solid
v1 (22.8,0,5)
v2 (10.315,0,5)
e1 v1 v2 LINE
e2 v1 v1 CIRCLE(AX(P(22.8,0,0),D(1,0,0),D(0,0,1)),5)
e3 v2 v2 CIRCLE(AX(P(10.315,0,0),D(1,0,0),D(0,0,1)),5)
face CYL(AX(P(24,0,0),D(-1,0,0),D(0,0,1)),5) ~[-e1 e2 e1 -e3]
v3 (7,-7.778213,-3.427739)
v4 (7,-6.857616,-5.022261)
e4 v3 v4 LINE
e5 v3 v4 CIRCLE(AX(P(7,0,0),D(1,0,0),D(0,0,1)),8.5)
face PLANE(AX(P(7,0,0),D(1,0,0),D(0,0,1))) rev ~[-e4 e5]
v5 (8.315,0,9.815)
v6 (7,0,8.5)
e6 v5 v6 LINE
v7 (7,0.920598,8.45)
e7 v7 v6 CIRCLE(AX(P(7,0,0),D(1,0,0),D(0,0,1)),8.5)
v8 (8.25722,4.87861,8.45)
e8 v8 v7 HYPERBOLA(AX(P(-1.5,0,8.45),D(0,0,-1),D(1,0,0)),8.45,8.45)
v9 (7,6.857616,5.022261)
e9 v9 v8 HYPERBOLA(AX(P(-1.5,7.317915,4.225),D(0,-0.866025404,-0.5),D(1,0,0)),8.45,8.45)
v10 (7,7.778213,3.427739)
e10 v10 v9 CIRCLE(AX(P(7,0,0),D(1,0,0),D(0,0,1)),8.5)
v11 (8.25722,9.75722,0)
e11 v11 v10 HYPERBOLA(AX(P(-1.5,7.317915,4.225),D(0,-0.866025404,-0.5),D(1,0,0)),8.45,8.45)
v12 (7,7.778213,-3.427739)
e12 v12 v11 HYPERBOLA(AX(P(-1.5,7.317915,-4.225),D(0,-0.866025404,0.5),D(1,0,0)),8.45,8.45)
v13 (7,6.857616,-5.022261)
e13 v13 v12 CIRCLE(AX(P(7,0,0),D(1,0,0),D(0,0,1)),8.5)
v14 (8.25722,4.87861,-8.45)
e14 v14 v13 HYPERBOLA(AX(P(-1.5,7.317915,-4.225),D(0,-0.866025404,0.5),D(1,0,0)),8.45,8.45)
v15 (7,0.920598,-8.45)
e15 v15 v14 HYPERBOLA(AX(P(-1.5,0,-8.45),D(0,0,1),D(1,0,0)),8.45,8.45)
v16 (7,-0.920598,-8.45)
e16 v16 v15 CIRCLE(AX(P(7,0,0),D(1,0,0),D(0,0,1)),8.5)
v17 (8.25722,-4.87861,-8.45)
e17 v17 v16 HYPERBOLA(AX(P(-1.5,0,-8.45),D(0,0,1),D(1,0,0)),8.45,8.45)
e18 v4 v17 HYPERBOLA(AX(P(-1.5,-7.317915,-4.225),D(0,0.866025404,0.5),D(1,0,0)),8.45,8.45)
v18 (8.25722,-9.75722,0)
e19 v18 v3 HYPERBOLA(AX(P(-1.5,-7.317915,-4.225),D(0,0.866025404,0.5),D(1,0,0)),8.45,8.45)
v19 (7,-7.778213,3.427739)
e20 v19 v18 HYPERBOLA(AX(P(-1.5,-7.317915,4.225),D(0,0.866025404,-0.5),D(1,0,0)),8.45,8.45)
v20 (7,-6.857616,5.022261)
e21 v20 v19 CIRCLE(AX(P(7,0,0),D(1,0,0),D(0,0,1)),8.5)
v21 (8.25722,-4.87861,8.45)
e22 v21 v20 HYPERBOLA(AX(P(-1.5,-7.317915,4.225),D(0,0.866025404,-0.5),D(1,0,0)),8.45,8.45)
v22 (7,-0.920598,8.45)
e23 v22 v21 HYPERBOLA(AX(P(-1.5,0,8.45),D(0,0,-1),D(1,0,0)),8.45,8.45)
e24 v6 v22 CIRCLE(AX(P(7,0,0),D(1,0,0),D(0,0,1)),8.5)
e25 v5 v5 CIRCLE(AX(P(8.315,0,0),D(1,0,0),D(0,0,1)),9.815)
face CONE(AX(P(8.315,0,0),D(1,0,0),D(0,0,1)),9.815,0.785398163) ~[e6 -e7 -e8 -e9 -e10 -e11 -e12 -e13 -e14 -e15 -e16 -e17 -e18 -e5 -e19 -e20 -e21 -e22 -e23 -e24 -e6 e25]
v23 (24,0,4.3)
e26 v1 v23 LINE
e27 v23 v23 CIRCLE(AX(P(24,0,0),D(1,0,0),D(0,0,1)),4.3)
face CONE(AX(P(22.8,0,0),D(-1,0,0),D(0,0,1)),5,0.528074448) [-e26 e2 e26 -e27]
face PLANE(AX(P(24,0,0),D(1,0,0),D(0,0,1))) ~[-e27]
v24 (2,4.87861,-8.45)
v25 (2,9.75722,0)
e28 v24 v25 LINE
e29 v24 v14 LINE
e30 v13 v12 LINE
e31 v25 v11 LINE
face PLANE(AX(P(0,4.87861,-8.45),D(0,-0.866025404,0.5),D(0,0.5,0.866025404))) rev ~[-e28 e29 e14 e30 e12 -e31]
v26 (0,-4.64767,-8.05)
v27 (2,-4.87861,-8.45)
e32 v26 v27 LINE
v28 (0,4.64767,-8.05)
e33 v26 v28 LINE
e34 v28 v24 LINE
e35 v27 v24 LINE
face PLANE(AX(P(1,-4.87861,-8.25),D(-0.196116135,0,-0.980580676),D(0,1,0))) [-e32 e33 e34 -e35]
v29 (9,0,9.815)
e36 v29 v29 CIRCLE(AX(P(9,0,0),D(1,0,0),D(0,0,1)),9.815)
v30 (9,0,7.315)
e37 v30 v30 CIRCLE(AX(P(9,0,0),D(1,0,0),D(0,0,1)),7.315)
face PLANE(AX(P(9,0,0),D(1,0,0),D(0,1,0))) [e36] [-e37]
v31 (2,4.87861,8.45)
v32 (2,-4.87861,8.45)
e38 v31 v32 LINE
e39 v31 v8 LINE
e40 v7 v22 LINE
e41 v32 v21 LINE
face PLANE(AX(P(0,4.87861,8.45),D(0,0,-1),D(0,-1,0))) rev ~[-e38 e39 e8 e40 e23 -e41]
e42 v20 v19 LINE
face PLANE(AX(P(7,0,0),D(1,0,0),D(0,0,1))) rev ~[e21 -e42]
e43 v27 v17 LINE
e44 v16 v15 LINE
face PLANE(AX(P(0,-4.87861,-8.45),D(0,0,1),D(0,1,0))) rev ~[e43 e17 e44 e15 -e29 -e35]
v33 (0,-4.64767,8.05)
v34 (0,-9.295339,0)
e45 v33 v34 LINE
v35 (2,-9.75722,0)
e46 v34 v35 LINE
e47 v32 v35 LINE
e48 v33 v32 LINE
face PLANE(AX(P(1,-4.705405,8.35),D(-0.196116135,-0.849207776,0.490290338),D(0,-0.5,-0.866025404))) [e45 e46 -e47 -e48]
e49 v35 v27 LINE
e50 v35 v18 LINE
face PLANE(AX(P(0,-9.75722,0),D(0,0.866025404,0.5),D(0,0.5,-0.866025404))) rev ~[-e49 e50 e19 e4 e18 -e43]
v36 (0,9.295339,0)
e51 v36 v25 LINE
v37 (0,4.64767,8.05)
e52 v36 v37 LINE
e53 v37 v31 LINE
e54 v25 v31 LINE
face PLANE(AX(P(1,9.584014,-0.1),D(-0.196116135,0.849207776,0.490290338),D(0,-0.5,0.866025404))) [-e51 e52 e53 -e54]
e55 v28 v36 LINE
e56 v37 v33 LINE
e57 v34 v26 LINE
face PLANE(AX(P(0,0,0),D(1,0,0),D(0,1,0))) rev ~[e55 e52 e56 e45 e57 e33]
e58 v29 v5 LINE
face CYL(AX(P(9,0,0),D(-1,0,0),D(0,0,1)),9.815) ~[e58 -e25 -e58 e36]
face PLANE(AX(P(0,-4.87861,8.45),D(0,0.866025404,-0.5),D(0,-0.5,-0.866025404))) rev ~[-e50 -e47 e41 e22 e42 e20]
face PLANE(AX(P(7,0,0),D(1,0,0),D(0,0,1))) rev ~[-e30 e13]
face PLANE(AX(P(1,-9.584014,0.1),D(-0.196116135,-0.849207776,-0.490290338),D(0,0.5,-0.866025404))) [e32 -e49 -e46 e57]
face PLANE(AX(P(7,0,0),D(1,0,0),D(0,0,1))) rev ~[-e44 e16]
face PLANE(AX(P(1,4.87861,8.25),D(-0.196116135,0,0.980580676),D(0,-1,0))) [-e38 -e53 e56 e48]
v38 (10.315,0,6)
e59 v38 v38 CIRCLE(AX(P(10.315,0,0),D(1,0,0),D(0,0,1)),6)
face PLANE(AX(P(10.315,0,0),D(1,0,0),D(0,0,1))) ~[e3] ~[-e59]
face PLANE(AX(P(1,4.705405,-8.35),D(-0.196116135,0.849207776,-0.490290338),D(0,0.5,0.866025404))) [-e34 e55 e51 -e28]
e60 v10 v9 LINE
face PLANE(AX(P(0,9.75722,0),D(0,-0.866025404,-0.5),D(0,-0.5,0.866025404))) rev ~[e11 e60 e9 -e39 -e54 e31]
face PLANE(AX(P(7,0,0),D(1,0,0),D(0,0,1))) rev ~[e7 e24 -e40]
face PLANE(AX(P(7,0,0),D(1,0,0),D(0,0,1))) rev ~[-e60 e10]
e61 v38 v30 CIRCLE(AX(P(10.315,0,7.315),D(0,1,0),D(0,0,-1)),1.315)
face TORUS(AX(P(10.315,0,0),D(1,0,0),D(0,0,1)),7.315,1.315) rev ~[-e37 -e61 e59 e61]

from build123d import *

# Parameters (mm, degrees)
F1_DEPTH = 9
F4_SIZE2 = 2
F4_SIZE  = 0.4
F5_SIZE2 = 0.7
F5_SIZE  = 1.2


with BuildPart() as f1:
    # F0 (on Right) → F1 (new body)
    with BuildSketch(Plane.YZ):
        Polygon((4.8786097747, 8.45), (-4.8786097747, 8.45), (-9.7572195493, 0), (-4.8786097747, -8.45), (4.8786097747, -8.45), (9.7572195493, 0), align=None)
    extrude(amount=F1_DEPTH)

    # F2 (on Front) → F3 (revolve)
    with BuildSketch(Plane.XZ):
        with BuildLine():
            Line((9, 7.315), (9, 0))
            Line((9, 0), (24, 0))
            Line((24, 0), (24, 5))
            Line((24, 5), (10.315, 5))
            Line((10.315, 5), (10.315, 6))
            ThreePointArc((10.315, 6), (9.3851545827, 6.3851545827), (9, 7.315))
        make_face()
        Polygon((7, 8.5), (7, 0), (9, 0), (9, 7.315), (9, 9.815), (8.315, 9.815), align=None)
    revolve(axis=Axis((17.0378703874, 0, 0), (1, 0, 0)))

    # F4
    f4_edges = [f1.edges().sort_by_distance(p)[0] for p in [
        (0, 0, 8.45),
        (0, -7.317915, 4.225),
        (0, -7.317915, -4.225),
        (0, 0, -8.45),
        (0, 7.317915, -4.225),
        (0, 7.317915, 4.225),
    ]]
    f4_side = f1.faces().sort_by_distance((0, 0, 0))[0]
    chamfer(f4_edges, length=F4_SIZE, length2=F4_SIZE2, reference=f4_side)

    # F5
    f5_edges = [f1.edges().sort_by_distance(p)[0] for p in [
        (24, 0, -5),
    ]]
    f5_side = f1.faces().sort_by_distance((17.1575, 0, -5))[0]
    chamfer(f5_edges, length=F5_SIZE, length2=F5_SIZE2, reference=f5_side)


solid = f1.part
